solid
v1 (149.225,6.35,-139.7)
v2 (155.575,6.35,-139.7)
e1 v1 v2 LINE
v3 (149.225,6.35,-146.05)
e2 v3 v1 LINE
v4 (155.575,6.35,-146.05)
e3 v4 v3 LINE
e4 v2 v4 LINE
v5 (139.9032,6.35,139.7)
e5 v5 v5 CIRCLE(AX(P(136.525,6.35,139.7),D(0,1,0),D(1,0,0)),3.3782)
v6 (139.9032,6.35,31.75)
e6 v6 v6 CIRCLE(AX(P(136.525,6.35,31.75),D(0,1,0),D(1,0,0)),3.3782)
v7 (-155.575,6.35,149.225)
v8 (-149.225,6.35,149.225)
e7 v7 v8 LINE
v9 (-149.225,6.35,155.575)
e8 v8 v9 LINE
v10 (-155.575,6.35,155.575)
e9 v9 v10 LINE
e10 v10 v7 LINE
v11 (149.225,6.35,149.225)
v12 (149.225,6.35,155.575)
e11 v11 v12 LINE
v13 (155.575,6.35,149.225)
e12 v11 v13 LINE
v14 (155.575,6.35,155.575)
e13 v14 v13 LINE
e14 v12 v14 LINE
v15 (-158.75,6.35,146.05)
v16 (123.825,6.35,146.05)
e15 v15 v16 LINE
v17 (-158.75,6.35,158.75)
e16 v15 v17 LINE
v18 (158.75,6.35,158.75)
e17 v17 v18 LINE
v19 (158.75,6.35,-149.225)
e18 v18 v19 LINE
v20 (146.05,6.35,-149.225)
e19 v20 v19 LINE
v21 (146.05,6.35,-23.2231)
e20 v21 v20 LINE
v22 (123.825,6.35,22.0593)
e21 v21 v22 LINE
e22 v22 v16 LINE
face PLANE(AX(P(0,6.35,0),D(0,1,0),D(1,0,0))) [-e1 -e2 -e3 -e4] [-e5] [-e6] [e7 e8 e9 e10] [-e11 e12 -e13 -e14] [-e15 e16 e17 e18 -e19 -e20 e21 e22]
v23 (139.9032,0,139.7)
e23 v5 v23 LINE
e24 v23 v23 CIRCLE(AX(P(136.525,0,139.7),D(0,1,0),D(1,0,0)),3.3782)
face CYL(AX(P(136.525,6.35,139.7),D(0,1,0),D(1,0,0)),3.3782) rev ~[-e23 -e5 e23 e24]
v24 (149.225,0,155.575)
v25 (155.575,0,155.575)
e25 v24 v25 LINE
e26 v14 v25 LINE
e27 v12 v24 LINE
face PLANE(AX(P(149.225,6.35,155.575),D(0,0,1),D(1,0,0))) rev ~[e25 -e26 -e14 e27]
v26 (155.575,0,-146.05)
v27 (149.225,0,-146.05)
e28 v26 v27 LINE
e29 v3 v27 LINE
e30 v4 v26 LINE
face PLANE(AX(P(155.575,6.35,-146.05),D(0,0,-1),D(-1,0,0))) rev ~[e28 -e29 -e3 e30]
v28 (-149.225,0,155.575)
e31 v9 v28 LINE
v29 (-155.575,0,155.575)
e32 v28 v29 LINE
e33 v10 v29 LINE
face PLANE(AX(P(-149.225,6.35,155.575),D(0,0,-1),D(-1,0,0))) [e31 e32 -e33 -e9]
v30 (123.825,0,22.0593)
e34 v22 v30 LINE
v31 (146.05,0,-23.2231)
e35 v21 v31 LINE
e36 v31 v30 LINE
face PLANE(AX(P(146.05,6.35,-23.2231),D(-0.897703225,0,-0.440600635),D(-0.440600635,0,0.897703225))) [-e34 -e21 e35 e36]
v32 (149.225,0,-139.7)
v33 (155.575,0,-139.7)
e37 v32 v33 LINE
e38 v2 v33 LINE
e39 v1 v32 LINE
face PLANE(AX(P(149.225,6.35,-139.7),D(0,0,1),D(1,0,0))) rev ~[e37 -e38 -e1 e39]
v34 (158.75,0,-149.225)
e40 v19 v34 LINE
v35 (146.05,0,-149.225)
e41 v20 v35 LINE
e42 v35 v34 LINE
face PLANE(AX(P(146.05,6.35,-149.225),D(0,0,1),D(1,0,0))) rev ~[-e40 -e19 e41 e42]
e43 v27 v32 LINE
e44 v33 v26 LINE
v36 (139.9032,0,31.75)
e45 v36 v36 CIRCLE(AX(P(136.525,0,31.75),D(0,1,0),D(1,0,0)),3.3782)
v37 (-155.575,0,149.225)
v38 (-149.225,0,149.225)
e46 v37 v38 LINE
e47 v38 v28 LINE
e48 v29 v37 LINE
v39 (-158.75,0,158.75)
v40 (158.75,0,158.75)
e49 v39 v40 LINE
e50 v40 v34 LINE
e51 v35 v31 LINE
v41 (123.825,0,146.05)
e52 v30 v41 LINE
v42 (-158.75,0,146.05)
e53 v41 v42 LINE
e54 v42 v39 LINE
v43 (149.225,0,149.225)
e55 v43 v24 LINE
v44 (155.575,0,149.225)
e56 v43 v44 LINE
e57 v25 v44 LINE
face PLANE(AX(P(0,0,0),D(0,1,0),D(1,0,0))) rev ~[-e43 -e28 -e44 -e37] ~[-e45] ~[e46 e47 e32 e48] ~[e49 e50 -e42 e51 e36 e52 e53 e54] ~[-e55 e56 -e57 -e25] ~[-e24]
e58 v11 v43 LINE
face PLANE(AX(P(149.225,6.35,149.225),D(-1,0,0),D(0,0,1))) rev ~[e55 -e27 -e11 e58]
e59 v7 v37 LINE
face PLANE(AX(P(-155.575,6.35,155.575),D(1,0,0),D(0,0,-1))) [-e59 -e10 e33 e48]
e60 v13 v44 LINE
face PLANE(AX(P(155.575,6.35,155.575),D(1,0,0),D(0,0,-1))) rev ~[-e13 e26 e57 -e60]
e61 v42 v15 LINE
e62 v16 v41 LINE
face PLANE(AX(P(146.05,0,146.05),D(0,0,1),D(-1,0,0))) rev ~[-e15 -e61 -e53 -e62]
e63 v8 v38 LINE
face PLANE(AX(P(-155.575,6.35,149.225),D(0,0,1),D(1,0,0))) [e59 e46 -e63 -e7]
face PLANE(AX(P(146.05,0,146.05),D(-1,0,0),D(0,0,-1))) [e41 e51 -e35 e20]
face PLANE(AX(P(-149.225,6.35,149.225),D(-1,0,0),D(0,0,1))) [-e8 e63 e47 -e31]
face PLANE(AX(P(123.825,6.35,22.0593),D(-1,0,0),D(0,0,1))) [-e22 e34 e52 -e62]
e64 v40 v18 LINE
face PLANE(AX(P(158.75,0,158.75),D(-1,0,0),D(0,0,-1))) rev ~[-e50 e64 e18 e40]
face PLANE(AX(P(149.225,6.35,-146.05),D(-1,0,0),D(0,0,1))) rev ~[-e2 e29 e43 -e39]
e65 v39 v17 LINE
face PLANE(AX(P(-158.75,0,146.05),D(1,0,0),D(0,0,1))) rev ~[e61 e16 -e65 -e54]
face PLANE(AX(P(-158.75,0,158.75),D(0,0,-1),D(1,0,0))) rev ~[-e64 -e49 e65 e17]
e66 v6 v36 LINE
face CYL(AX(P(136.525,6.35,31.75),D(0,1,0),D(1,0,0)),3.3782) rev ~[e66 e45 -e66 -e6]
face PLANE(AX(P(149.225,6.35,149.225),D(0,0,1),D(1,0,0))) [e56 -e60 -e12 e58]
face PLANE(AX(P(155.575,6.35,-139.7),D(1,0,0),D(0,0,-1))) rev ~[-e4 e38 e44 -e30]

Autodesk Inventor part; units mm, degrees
ref_plane "YZ Plane" through (0, 0, 0) normal (1, 0, 0) x (0, 1, 0)
ref_plane "XZ Plane" through (0, 0, 0) normal (0, 1, 0) x (-1, 0, 0)
ref_plane "XY Plane" through (0, 0, 0) normal (0, 0, 1) x (1, 0, 0)
sketch "Sketch1" plane through (0, 0, 0) normal (0, 1, 0) x (-1, 0, 0)
  circle A0 centre (0, 0) radius 139.7
  line L0 (-146.05, 146.05) -> (-146.05, -146.05)
  line L1 (-146.05, -146.05) -> (0, -146.05)
  line L2 (-158.75, 158.75) -> (-158.75, -158.75)
  line L3 (-158.75, -158.75) -> (0, -158.75)
  line L4 (0, -158.75) -> (0, -146.05)
  line L5 (-146.05, 146.05) -> (146.05, 146.05)
  line L6 (146.05, 146.05) -> (146.05, 146.05)
  line L7 (146.05, 146.05) -> (158.75, 146.05)
  line L8 (158.75, 146.05) -> (158.75, 158.75)
  line L9 (158.75, 158.75) -> (-158.75, 158.75)
  dimension "d0" = 279.4
  dimension "d2" = 146.05
  dimension "d4" = 146.05
  dimension "d6" = 0
  dimension "d9" = 317.5
  dimension "d30" = 12.7
  dimension "d31" = 292.1
  dimension "d32" = 0
  dimension "d33" = 12.7
  dimension "d34" = 12.7
extrude "Extrusion1" add sketch "Sketch1" along normal blind 6.35 contours L0 L1 L4 L3 L2 L9 L8 L7 L5
sketch "Sketch2" plane through (0, 6.35, 0) normal (0, 1, 0) x (1, 0, 0)
  line L0 (-50.8, -158.75) -> (158.75, -158.75) projected
  line L1 (158.75, -158.75) -> (158.75, 158.75) projected
  line L2 (158.75, 158.75) -> (0, 158.75) projected
  line L3 (146.05, 146.05) -> (146.05, -146.05) projected
  line L4 (149.225, -149.225) -> (149.225, -155.575)
  line L5 (149.225, -155.575) -> (155.575, -155.575)
  line L6 (155.575, -155.575) -> (155.575, -149.225)
  line L7 (149.225, -149.225) -> (155.575, -149.225)
  line L8 (155.575, 146.05) -> (149.225, 146.05)
  line L9 (149.225, 146.05) -> (149.225, 139.7)
  line L10 (149.225, 139.7) -> (155.575, 139.7)
  line L11 (155.575, 139.7) -> (155.575, 146.05)
  point P0 (0, 0)
  dimension "d12" = 6.35
  dimension "d13" = 6.35
  dimension "d14" = 6.35
  dimension "d15" = 3.175
  dimension "d16" = 3.175
  dimension "d20" = 12.7
  dimension "d22" = 3.175
  dimension "d23" = 6.35
  dimension "d24" = 6.35
extrude "Extrusion2" cut sketch "Sketch2" against normal blind 6.35
sketch "Sketch3" plane through (0, 6.35, 0) normal (0, 1, 0) x (1, 0, 0)
  line L0 (158.75, -158.75) -> (158.75, 158.75) projected
  line L1 (158.75, 158.75) -> (0, 158.75) projected
  line L2 (0, 158.75) -> (0, 146.05) projected
  line L3 (0, 146.05) -> (146.05, 146.05) projected
  line L4 (146.05, 146.05) -> (146.05, -146.05) projected
  line L5 (146.05, 146.05) -> (146.05, 149.225)
  line L6 (146.05, 149.225) -> (158.75, 149.225)
  point P0 (0, 0)
  dimension "d27" = 3.175
extrude "Extrusion3" cut sketch "Sketch3" against normal blind 25.4
sketch "Sketch4" plane through (0, 6.35, 0) normal (0, 1, 0) x (1, 0, 0)
  line L0 (-146.05, -146.05) -> (-146.05, 50.8) projected
  line L1 (146.05, -146.05) -> (-158.75, -146.05) projected
  line L2 (-158.75, -146.05) -> (-158.75, -158.75) projected
  line L3 (-158.75, -158.75) -> (158.75, -158.75) projected
  line L4 (-155.575, -149.225) -> (-149.225, -149.225)
  line L5 (-149.225, -149.225) -> (-149.225, -155.575)
  line L6 (-149.225, -155.575) -> (-155.575, -155.575)
  line L7 (-155.575, -155.575) -> (-155.575, -149.225)
  line L8 (-155.575, -149.225) -> (-149.225, -149.225)
  line L9 (-149.225, -149.225) -> (-149.225, -155.575)
  line L10 (-149.225, -155.575) -> (-155.575, -155.575)
  line L11 (-155.575, -155.575) -> (-155.575, -149.225)
  point P0 (0, 0)
  dimension "d35" = 6.35
  dimension "d36" = 6.35
  dimension "d37" = 3.175
  dimension "d38" = 3.175
  dimension "d39" = 6.35
  dimension "d40" = 6.35
  dimension "d41" = 3.175
  dimension "d42" = 3.175
extrude "Extrusion4" cut sketch "Sketch4" against normal blind 25.4
sketch "Sketch5" plane through (0, 6.35, 0) normal (0, 1, 0) x (1, 0, 0)
  line L0 (146.05, 149.225) -> (146.05, -146.05) projected
  line L1 (146.05, -146.05) -> (-158.75, -146.05) projected
  line L2 (15.614, 398.8063) -> (14.3339, 396.1981) projected
  line L3 (-2.3465, 398.8063) -> (15.614, 398.8063) projected
  line L4 (-15.5314, 408.5363) -> (-2.3465, 398.8063) projected
  line L5 (-126.7438, 181.9462) -> (-15.5314, 408.5363) projected
  line L6 (-126.5217, 145.8051) -> (-126.7438, 181.9462) projected
  line L7 (-172.6074, 51.9077) -> (-126.5217, 145.8051) projected
  line L8 (-220.5546, 34.8604) -> (-192.6079, 6.9152) projected
  line L9 (-192.6079, 6.9152) -> (-161.0476, 38.8664) projected
  line L10 (-106.2691, 150.4752) -> (-161.0476, 38.8664) projected
  line L11 (-106.2691, 150.4752) -> (-104.024, 150.4752) projected
  line L12 (-104.024, 150.4752) -> (-98.9034, 160.9082) projected
  line L13 (-98.9034, 160.9082) -> (-101.1485, 160.9082) projected
  line L14 (9.2132, 385.765) -> (-101.1485, 160.9082) projected
  line L15 (11.4583, 385.765) -> (9.2132, 385.765) projected
  line L16 (16.5789, 396.1981) -> (11.4583, 385.765) projected
  line L17 (14.3339, 396.1981) -> (16.5789, 396.1981) projected
  line L18 (146.05, 23.2231) -> (123.825, -22.0593)
  line L19 (123.825, -22.0593) -> (123.825, -146.05)
  line L20 (-172.6074, 51.9077) -> (-188.2578, 67.5573) projected
  line L21 (-188.2578, 67.5573) -> (-220.5546, 34.8604) projected
  point P0 (0, 0)
  dimension "d47" = 22.225
  dimension "d48" = 282.575
extrude "Extrusion5" add sketch "Sketch5" against normal blind 6.35 contours L0 L1 L19 L18
sketch "Sketch6" plane through (0, 6.35, 0) normal (0, 1, 0) x (1, 0, 0)
  line L0 (123.825, -22.0593) -> (123.825, -146.05) projected
  line L1 (123.825, -146.05) -> (-158.75, -146.05) projected
  circle A0 centre (136.525, -139.7) radius 3.3782
  circle A1 centre (136.525, -31.75) radius 3.3782
  point P0 (0, 0)
  dimension "d51" = 6.7564
  dimension "d52" = 6.7564
  dimension "d55" = 6.35
  dimension "d56" = 12.7
  dimension "d59" = 12.7
  dimension "d60" = 107.95
extrude "Extrusion6" cut sketch "Sketch6" against normal blind 6.35
properties part number "Bottom Plate" material "Polycarbonate, Clear"
